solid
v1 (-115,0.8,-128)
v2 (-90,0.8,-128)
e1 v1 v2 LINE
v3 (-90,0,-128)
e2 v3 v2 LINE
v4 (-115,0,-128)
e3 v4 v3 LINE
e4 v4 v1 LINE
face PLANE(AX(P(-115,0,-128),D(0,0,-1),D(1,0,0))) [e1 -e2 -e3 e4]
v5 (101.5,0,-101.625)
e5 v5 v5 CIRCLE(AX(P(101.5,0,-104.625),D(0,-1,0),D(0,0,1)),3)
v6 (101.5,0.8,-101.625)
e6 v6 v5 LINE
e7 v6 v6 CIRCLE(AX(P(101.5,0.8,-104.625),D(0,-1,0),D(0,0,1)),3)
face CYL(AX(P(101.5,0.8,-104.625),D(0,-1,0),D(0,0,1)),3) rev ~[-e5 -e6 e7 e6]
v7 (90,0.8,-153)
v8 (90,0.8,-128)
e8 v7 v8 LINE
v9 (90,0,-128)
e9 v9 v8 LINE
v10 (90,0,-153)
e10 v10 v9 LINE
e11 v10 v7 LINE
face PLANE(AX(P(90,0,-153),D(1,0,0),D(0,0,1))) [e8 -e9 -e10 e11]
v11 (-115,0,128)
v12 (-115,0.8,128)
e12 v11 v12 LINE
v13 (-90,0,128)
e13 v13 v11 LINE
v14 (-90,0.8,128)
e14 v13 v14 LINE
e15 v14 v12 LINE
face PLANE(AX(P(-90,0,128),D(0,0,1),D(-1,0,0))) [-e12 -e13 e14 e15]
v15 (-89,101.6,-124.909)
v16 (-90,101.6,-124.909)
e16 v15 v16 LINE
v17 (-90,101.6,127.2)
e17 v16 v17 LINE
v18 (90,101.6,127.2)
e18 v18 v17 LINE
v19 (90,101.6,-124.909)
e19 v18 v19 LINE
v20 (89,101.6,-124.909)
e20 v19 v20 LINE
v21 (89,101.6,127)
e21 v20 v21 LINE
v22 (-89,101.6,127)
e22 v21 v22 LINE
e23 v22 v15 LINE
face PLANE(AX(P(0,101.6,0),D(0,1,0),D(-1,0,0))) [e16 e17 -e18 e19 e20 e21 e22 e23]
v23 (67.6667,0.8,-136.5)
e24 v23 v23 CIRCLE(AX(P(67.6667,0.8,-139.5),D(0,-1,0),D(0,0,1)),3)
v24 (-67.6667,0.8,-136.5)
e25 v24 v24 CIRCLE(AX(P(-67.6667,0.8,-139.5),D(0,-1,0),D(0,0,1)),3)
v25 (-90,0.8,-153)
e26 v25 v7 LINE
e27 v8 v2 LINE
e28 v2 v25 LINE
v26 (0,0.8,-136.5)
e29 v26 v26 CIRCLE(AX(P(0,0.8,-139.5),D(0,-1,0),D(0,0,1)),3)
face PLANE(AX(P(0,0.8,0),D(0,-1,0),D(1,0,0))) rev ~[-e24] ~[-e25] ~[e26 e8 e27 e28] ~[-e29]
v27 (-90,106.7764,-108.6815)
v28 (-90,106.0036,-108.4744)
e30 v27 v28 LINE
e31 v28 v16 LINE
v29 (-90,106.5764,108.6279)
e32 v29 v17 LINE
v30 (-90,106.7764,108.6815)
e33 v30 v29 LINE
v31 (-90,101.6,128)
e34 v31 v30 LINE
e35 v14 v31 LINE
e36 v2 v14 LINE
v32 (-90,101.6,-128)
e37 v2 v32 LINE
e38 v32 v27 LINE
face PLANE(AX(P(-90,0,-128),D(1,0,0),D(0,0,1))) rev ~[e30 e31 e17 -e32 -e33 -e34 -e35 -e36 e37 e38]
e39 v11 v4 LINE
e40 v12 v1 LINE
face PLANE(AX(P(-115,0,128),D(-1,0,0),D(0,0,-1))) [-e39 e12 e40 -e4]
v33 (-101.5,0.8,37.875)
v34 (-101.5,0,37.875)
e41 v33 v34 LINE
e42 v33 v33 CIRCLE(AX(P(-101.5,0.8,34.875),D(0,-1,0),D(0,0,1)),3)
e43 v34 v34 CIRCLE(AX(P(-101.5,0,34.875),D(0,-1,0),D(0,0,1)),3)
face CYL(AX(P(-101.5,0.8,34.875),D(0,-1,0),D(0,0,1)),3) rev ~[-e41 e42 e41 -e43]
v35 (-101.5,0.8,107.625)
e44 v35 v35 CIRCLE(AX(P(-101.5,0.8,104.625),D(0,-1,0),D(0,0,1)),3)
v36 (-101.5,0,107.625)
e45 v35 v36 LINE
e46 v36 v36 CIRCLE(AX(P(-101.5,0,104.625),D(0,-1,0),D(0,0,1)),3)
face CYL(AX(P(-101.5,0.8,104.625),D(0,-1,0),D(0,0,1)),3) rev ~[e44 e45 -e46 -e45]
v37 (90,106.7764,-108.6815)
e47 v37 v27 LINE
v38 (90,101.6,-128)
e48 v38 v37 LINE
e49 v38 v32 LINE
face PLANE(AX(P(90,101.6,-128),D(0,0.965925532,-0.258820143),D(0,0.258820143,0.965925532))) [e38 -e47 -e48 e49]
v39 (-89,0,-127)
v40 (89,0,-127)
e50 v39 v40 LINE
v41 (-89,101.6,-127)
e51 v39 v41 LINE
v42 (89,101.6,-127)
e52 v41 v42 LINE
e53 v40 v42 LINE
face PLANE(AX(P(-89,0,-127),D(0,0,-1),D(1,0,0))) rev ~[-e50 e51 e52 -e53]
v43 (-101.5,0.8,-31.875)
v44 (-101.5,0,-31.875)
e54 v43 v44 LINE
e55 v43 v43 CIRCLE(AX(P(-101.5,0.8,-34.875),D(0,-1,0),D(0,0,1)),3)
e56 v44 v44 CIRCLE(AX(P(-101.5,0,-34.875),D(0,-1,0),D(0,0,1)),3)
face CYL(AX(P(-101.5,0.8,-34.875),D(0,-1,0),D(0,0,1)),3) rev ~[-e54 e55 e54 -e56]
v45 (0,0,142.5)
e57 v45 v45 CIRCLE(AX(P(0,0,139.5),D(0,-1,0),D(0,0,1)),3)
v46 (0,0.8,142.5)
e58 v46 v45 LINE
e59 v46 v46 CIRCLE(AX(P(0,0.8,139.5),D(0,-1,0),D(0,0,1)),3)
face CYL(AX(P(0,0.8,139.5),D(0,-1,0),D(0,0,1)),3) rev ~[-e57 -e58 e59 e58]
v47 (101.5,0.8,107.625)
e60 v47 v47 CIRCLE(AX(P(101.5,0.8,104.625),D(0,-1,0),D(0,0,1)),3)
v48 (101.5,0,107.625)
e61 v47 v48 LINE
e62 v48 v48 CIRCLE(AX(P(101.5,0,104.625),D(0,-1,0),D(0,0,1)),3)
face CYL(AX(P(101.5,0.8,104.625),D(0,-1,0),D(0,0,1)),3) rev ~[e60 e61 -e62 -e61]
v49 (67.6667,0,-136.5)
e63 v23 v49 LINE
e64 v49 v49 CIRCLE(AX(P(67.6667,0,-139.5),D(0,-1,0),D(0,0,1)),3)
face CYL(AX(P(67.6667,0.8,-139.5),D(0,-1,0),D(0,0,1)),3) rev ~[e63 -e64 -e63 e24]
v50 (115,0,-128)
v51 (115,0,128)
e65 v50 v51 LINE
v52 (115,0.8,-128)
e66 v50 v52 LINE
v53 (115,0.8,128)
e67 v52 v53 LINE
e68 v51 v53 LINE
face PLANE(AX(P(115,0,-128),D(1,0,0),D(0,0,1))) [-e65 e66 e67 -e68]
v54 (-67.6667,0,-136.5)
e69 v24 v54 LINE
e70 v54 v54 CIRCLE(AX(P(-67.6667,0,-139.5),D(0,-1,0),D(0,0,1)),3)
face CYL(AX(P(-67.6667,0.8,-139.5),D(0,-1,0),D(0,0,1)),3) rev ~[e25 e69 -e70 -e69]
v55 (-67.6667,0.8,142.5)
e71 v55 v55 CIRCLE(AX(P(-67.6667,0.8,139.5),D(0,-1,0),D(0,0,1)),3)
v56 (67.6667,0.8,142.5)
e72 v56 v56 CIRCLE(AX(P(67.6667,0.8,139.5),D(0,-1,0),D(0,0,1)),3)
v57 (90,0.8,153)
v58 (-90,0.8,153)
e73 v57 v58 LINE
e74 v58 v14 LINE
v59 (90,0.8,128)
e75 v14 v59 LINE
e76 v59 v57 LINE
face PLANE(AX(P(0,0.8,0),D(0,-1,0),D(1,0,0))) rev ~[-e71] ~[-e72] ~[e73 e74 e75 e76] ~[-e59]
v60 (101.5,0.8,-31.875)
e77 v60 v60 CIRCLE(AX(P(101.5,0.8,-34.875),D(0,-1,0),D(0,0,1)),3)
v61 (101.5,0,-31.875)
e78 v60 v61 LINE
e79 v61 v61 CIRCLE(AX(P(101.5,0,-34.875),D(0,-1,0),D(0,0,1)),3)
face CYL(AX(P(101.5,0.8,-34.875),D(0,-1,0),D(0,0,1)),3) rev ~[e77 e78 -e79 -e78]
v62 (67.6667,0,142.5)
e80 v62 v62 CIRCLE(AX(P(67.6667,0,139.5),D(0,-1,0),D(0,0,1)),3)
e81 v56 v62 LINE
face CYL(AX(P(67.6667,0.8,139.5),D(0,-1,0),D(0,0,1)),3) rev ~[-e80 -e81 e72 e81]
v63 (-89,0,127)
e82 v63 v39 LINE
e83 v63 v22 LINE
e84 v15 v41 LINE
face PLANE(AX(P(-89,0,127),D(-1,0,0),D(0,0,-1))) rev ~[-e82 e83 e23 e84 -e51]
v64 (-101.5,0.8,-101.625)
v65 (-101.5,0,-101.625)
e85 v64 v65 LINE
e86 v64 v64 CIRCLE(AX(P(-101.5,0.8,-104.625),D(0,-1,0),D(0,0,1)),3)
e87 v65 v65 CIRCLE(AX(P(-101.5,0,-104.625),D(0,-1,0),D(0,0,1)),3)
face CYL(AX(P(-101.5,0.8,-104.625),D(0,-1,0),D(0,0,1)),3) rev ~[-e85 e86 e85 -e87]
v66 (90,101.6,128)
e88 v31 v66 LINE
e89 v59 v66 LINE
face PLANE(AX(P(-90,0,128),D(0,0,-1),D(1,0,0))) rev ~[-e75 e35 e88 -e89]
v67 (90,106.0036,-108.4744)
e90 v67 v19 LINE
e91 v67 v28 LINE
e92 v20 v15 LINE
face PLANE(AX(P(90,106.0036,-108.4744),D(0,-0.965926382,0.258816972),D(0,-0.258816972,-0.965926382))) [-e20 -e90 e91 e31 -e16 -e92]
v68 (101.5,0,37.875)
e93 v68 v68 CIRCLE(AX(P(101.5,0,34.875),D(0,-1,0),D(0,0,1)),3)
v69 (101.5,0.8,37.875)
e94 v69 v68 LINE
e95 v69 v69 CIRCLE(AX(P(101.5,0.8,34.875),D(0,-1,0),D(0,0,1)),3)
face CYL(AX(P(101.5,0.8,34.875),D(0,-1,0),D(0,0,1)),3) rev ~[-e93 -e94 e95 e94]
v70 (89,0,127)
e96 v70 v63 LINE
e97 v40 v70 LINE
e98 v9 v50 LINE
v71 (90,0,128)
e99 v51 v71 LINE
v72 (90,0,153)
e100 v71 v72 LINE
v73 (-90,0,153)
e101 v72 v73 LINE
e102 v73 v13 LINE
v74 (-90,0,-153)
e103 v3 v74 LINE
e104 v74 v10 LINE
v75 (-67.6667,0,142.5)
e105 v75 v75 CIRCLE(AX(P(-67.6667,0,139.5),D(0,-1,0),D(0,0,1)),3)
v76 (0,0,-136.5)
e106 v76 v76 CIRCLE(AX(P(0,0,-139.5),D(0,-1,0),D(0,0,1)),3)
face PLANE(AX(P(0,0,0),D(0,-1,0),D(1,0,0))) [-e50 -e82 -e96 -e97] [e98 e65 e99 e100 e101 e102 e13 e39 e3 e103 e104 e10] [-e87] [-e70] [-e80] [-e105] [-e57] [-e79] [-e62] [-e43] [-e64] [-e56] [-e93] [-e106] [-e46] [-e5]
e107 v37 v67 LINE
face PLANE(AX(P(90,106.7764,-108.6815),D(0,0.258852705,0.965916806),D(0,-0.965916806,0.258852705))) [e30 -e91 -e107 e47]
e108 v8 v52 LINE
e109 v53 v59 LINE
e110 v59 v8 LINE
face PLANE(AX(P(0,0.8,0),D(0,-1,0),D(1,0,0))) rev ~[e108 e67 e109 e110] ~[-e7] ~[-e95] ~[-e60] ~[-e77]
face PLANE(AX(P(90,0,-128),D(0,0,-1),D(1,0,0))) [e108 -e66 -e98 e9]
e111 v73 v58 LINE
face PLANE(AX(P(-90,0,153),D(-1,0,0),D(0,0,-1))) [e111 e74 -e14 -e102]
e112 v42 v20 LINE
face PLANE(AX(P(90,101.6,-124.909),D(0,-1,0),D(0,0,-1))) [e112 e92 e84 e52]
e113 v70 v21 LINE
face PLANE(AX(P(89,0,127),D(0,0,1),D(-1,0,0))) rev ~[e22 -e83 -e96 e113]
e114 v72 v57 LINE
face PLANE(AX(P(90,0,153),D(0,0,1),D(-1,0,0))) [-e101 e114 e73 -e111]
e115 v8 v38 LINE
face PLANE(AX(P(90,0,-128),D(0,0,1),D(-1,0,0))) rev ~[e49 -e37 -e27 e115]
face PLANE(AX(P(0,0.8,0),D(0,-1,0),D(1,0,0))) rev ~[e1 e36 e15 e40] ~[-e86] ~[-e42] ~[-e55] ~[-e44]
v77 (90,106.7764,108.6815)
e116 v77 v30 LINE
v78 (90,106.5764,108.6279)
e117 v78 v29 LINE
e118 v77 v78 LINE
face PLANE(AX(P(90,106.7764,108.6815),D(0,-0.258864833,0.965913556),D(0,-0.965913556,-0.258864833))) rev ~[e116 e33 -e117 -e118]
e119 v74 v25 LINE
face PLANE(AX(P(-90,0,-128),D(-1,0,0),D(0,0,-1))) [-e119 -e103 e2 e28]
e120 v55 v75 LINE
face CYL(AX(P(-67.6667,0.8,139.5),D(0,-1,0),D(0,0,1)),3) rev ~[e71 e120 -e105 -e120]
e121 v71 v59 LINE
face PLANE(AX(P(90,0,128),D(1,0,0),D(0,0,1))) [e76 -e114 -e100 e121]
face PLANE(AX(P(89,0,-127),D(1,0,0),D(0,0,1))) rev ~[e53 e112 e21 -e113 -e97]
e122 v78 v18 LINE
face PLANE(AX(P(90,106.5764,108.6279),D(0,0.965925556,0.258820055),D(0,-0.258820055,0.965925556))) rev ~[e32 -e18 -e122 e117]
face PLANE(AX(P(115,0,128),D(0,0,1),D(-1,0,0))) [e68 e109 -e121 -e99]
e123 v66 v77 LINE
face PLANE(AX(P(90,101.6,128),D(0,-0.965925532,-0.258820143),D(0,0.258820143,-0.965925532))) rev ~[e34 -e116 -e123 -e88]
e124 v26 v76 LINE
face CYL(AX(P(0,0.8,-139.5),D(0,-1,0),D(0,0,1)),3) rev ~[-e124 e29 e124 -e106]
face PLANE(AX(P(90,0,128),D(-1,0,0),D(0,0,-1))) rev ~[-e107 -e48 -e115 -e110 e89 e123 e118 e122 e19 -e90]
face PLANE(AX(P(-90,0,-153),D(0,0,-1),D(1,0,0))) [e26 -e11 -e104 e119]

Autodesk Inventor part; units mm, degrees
ref_plane "YZ Plane" through (0, 0, 0) normal (1, 0, 0) x (0, 1, 0)
ref_plane "XZ Plane" through (0, 0, 0) normal (0, 1, 0) x (-1, 0, 0)
ref_plane "XY Plane" through (0, 0, 0) normal (0, 0, 1) x (1, 0, 0)
sketch "Sketch1" plane through (0, 0, 0) normal (0, 1, 0) x (-1, 0, 0)
  line L0 (-89, 127) -> (89, 127)
  line L1 (89, 127) -> (89, -127)
  line L2 (89, -127) -> (-89, -127)
  line L3 (-89, -127) -> (-89, 127)
  line L4 (-89, 127) -> (89, -127) construction
  line L5 (89, 127) -> (-89, -127) construction
  line L6 (90, 128) -> (-90, 128)
  line L7 (-90, 128) -> (-90, -128)
  line L8 (-90, -128) -> (90, -128)
  line L9 (90, -128) -> (90, 128)
  point P0 (0, 0)
  dimension "d0" = 178
  dimension "d1" = 254
  dimension "d2" = 1
extrude "Extrusion1" add sketch "Sketch1" along normal blind 101.6
sketch "Sketch3" plane through (0, 0, 0) normal (0, -1, 0) x (1, 0, 0)
  line L0 (90, 128) -> (90, -128) projected
  line L1 (90, -128) -> (-90, -128) projected
  line L2 (90, 128) -> (90, -128)
  line L3 (90, -128) -> (115, -128)
  line L4 (115, -128) -> (115, 128)
  line L5 (115, 128) -> (90, 128)
  line L6 (90, -128) -> (-90, -128)
  line L7 (-90, -128) -> (-90, -153)
  line L8 (-90, -153) -> (90, -153)
  line L9 (90, -153) -> (90, -128)
  line L10 (-90, 128) -> (90, 128) projected
  line L11 (-90, -128) -> (-90, 128)
  line L12 (-90, 128) -> (-115, 128)
  line L13 (-115, 128) -> (-115, -128)
  line L14 (-115, -128) -> (-90, -128)
  line L15 (-90, 128) -> (90, 128)
  line L16 (90, 128) -> (90, 153)
  line L17 (90, 153) -> (-90, 153)
  line L18 (-90, 153) -> (-90, 128)
  point P0 (0, 0)
  dimension "d11" = 25
  dimension "d12" = 25
  dimension "d13" = 25
  dimension "d14" = 25
extrude "Extrusion3" add sketch "Sketch3" against normal blind 0.8 contours L5 L4 L3 L0 | L10 L18 L17 L16 | L9 L8 L7 L1 | L11 L14 L13 L12
sketch "Sketch4" plane through (0, 0.8, 0) normal (0, 1, 0) x (1, 0, 0)
  line L0 (101.5, 139.5) -> (-101.5, 139.5) construction
  line L1 (-101.5, 139.5) -> (-101.5, -139.5) construction
  line L2 (-101.5, -139.5) -> (101.5, -139.5) construction
  line L3 (101.5, -139.5) -> (101.5, 139.5) construction
  line L4 (101.5, 139.5) -> (-101.5, -139.5) construction
  line L5 (-101.5, 139.5) -> (101.5, -139.5) construction
  line L6 (0, 0) -> (0, -60) construction
  line L7 (0, 0) -> (60, 0) construction
  point P0 (-101.5, 0)
  point P1 (101.5, 0)
  point P2 (101.5, 104.625)
  point P3 (101.5, 69.75)
  point P4 (101.5, 34.875)
  point P5 (101.5, 0)
  point P6 (101.5, -34.875)
  point P7 (101.5, -69.75)
  point P8 (101.5, -104.625)
  point P9 (67.6667, 139.5)
  point P10 (33.8333, 139.5)
  point P11 (0, 139.5)
  point P12 (-33.8333, 139.5)
  point P13 (-67.6667, 139.5)
  point P14 (-101.5, 139.5)
  point P15 (67.6667, -139.5)
  point P16 (33.8333, -139.5)
  point P17 (0, -139.5)
  point P18 (-33.8333, -139.5)
  point P19 (-67.6667, -139.5)
  point P20 (-101.5, -139.5)
  point P21 (-101.5, 104.625)
  point P22 (-101.5, 69.75)
  point P23 (-101.5, 34.875)
  point P24 (-101.5, 0)
  point P25 (-101.5, -34.875)
  point P26 (-101.5, -69.75)
  point P27 (-101.5, -104.625)
  dimension "d18" = 203
  dimension "d19" = 279
  dimension "d21" = 60
  dimension "d22" = 90
  dimension "d63" = 34.875
  dimension "d70" = 33.8333
  dimension "d77" = 33.8333
  dimension "d84" = 34.875
hole "Hole1" at (101.5, 0.8, -139.5) at (101.5, 0.8, -104.625) at (101.5, 0.8, -34.875) at (101.5, 0.8, 34.875) at (101.5, 0.8, 104.625) at (101.5, 0.8, 139.5) at (67.6667, 0.8, -139.5) at (0, 0.8, -139.5) at (-67.6667, 0.8, -139.5) at (-101.5, 0.8, -139.5) at (67.6667, 0.8, 139.5) at (0, 0.8, 139.5) at (-67.6667, 0.8, 139.5) at (-101.5, 0.8, 139.5) at (-101.5, 0.8, -104.625) at (-101.5, 0.8, -34.875) at (-101.5, 0.8, 34.875) at (-101.5, 0.8, 104.625) direction (0, -1, 0) diameter 6 end through all
sketch "Sketch9" plane through (90, 0.8, 128) normal (1, 0, 0) x (0, 0, -1)
  line L0 (0, 100.8) -> (19.3185, 105.9764)
  line L1 (0, 100.8) -> (20, 100.8) construction
  line L2 (19.3721, 105.7764) -> (0.8, 100.8)
  line L3 (19.3185, 105.9764) -> (19.3721, 105.7764)
  line L4 (256, 0) -> (256, 100.8) projected
  line L5 (256, 100.8) -> (236.6815, 105.9764)
  line L6 (256, 100.8) -> (276, 100.8) construction
  line L7 (0, 100.8) -> (256, 100.8) projected
  line L8 (229, 100.8) -> (256, 100.8)
  line L9 (256, 100.8) -> (0, 100.8) projected
  line L10 (0, 100.8) -> (0.8, 100.8)
  line L11 (236.4744, 105.2036) -> (252.909, 100.8)
  line L12 (236.6815, 105.9764) -> (236.4744, 105.2036)
  point P0 (128, -0.8)
  dimension "d51" = 20
  dimension "d52" = 15
  dimension "d53" = 20
  dimension "d54" = 165
  dimension "d89" = 0.8
extrude "Extrusion10" add sketch "Sketch9" against normal up to surface (180 mm away)
properties part number "chimneyHousing"
